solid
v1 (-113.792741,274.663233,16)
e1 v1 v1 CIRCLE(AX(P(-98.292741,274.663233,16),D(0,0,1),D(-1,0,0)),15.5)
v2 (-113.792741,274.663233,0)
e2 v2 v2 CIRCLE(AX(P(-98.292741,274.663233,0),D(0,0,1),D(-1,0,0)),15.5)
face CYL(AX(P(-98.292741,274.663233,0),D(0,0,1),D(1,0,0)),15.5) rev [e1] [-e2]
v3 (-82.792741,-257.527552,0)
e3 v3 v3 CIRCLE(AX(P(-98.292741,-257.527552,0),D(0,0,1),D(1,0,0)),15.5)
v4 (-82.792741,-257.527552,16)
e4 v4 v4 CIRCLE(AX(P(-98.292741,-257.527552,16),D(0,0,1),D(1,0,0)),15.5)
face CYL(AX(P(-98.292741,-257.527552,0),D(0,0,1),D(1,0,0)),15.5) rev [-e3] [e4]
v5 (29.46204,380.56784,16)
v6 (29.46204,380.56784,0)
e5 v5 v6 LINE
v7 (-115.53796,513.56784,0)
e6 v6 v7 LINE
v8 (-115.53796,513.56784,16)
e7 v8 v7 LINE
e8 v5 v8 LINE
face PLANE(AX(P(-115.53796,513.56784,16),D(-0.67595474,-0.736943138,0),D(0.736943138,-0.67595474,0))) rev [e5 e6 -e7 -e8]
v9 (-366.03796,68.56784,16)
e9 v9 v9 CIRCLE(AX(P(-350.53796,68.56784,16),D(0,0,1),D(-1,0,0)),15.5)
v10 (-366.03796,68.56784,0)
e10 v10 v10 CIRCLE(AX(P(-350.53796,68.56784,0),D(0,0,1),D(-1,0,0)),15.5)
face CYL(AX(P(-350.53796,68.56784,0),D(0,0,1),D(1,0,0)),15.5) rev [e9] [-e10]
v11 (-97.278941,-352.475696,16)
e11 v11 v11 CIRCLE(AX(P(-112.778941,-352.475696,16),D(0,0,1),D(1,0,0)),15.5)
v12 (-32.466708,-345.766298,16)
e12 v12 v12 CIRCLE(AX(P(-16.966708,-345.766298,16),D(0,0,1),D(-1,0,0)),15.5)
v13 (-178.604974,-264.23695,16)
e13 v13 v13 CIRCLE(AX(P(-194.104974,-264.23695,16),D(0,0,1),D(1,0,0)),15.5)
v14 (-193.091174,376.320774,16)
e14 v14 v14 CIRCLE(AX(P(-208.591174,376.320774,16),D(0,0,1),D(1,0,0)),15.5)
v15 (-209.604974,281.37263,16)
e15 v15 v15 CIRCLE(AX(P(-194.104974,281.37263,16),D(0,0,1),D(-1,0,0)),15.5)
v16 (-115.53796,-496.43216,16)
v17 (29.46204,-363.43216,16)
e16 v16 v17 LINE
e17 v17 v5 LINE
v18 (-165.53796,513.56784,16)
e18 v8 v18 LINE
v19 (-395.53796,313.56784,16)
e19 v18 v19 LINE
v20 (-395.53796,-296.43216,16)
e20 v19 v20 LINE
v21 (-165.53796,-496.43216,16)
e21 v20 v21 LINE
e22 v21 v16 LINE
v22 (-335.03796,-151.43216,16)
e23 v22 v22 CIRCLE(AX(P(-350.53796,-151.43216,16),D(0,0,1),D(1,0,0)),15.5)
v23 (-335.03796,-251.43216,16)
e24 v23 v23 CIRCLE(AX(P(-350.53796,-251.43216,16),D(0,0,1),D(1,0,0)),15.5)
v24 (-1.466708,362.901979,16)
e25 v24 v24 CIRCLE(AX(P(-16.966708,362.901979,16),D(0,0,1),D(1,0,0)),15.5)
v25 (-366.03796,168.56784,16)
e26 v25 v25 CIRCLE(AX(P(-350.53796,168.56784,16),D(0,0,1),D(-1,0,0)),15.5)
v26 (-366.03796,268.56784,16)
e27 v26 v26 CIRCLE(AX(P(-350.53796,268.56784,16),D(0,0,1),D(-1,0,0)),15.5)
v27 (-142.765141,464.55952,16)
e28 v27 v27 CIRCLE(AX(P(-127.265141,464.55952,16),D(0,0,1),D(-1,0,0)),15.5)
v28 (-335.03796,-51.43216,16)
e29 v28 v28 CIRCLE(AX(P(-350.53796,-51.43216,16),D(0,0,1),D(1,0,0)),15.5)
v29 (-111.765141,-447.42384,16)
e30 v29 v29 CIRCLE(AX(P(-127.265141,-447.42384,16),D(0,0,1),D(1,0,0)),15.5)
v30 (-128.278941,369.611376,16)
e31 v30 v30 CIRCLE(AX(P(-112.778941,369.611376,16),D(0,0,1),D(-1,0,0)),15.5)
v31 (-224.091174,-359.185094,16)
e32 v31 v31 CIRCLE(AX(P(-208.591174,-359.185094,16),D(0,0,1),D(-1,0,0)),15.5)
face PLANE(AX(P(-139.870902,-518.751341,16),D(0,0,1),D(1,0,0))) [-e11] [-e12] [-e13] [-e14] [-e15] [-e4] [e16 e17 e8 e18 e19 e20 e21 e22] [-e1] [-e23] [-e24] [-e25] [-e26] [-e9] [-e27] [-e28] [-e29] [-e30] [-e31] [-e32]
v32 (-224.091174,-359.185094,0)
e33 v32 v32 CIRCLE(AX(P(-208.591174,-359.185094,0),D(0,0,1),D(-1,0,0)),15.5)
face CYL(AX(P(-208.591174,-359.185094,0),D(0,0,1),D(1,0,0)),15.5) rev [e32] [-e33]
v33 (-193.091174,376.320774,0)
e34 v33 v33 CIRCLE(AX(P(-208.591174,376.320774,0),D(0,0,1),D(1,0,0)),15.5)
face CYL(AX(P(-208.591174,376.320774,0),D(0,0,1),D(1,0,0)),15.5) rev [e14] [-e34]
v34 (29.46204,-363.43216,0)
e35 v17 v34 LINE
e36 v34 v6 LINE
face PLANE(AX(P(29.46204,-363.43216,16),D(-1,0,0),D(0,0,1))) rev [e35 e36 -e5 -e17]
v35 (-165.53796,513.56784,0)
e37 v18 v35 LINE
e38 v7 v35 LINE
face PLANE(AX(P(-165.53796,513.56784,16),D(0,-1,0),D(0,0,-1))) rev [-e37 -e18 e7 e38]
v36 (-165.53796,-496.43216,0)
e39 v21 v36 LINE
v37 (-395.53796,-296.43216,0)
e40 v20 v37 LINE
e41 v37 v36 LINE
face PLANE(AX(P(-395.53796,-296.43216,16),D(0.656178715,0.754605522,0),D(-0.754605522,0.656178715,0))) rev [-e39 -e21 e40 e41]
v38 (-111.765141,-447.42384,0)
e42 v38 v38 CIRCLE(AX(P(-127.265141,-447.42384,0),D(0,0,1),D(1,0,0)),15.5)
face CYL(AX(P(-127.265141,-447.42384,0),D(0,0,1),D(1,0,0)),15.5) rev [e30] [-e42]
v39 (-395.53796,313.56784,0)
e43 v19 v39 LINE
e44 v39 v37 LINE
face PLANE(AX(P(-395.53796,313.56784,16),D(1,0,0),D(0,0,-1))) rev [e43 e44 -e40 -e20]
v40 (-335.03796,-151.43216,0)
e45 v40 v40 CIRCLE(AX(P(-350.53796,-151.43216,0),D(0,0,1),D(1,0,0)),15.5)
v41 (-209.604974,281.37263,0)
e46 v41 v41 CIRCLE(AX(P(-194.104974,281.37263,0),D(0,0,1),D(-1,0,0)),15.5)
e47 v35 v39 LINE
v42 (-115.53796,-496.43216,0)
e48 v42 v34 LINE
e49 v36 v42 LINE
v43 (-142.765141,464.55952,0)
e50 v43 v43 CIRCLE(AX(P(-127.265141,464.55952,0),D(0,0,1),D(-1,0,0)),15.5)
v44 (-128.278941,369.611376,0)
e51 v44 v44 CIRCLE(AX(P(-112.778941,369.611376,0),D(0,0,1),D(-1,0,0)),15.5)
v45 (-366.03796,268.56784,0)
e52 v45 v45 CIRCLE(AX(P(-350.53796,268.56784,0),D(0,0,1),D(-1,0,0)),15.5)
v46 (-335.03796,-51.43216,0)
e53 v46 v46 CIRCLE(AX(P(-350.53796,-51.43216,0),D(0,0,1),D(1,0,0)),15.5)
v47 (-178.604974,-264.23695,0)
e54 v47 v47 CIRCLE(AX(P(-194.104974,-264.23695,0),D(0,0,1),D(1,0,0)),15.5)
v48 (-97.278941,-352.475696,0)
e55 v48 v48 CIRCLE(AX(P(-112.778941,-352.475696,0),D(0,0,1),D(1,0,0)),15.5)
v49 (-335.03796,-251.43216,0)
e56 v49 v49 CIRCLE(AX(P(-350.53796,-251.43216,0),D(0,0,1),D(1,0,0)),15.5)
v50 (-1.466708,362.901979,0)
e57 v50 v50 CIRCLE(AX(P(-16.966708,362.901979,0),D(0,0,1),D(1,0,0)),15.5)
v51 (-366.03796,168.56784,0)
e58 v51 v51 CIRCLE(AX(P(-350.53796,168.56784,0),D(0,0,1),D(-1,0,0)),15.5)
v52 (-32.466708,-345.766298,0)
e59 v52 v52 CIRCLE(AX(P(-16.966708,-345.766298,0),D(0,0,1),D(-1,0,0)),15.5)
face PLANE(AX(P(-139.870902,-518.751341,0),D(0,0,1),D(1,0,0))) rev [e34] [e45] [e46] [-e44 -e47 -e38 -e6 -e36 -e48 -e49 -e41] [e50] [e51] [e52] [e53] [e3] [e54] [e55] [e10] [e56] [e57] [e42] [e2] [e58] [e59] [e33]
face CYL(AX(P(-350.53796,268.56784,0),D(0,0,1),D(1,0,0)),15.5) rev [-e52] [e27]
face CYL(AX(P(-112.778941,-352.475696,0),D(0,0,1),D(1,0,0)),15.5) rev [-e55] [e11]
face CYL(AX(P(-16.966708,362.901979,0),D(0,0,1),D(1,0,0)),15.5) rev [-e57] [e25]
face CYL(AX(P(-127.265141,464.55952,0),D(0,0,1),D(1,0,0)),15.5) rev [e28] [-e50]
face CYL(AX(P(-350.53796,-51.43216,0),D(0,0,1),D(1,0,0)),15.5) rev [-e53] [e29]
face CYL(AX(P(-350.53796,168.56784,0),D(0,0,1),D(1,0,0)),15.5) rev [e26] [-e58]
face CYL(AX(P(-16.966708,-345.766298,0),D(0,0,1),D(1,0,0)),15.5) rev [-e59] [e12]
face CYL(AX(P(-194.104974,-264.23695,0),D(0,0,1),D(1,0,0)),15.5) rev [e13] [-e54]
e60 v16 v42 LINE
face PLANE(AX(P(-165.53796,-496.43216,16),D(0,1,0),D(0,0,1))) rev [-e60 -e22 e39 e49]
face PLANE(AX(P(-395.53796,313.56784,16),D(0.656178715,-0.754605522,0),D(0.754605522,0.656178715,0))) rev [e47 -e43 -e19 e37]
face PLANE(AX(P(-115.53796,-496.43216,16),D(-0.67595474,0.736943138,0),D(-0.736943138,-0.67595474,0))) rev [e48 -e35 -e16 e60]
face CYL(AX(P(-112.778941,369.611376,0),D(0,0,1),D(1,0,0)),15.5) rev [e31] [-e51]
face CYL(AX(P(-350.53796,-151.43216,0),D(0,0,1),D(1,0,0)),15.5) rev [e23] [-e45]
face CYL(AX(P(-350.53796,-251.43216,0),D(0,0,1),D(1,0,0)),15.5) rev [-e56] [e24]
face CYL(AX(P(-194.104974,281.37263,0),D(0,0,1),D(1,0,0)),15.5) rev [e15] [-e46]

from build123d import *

# Parameters (mm, degrees)
EXTRUDE_1_DEPTH     = 16
SKETCH_2_R          = 15.5
CUT_EXTRUDE_2_DEPTH = 649.427486061


with BuildPart() as part:
    # 草图1 → 拉伸1 (new body)
    with BuildSketch(Plane.XY):
        Polygon((-395.537960369, 313.567840296), (-395.537960369, -296.432159704), (-165.537960369, -496.432159704), (-115.537960369, -496.432159704), (29.462039631, -363.432159704), (29.462039631, 380.567840296), (-115.537960369, 513.567840296), (-165.537960369, 513.567840296), align=None)
    extrude(amount=EXTRUDE_1_DEPTH)

    # 草图2 → 拉伸2 (cut, through all)
    with BuildSketch(Plane.XY.offset(16)):
        with Locations((-350.537960369, -51.432159704)):
            Circle(SKETCH_2_R)
        with Locations((-350.537960369, -251.432159704)):
            Circle(SKETCH_2_R)
        with Locations((-350.537960369, -151.432159704)):
            Circle(SKETCH_2_R)
        with Locations((-194.104974179, -264.23694972)):
            Circle(SKETCH_2_R)
        with Locations((-112.77894091, -352.475695817)):
            Circle(SKETCH_2_R)
        with Locations((-98.292741234, -257.527551975)):
            Circle(SKETCH_2_R)
        with Locations(Location((-208.591173855, -359.185093562, 0), (0, 0, 180))):
            Circle(SKETCH_2_R)
        with Locations((-127.265140586, -447.423839658)):
            Circle(SKETCH_2_R)
        with Locations(Location((-16.966707965, -345.766298072, 0), (0, 0, 180))):
            Circle(SKETCH_2_R)
        with Locations((-16.966707965, 362.901978664)):
            Circle(SKETCH_2_R)
        with Locations(Location((-127.265140586, 464.55952025, 0), (0, 0, 180))):
            Circle(SKETCH_2_R)
        with Locations((-208.591173855, 376.320774153)):
            Circle(SKETCH_2_R)
        with Locations(Location((-98.292741234, 274.663232567, 0), (0, 0, 180))):
            Circle(SKETCH_2_R)
        with Locations(Location((-112.77894091, 369.611376409, 0), (0, 0, 180))):
            Circle(SKETCH_2_R)
        with Locations(Location((-194.104974179, 281.372630312, 0), (0, 0, 180))):
            Circle(SKETCH_2_R)
        with Locations(Location((-350.537960369, 168.567840296, 0), (0, 0, 180))):
            Circle(SKETCH_2_R)
        with Locations(Location((-350.537960369, 268.567840296, 0), (0, 0, 180))):
            Circle(SKETCH_2_R)
        with Locations(Location((-350.537960369, 68.567840296, 0), (0, 0, 180))):
            Circle(SKETCH_2_R)
    extrude(amount=-CUT_EXTRUDE_2_DEPTH, mode=Mode.SUBTRACT)


solid = part.part
